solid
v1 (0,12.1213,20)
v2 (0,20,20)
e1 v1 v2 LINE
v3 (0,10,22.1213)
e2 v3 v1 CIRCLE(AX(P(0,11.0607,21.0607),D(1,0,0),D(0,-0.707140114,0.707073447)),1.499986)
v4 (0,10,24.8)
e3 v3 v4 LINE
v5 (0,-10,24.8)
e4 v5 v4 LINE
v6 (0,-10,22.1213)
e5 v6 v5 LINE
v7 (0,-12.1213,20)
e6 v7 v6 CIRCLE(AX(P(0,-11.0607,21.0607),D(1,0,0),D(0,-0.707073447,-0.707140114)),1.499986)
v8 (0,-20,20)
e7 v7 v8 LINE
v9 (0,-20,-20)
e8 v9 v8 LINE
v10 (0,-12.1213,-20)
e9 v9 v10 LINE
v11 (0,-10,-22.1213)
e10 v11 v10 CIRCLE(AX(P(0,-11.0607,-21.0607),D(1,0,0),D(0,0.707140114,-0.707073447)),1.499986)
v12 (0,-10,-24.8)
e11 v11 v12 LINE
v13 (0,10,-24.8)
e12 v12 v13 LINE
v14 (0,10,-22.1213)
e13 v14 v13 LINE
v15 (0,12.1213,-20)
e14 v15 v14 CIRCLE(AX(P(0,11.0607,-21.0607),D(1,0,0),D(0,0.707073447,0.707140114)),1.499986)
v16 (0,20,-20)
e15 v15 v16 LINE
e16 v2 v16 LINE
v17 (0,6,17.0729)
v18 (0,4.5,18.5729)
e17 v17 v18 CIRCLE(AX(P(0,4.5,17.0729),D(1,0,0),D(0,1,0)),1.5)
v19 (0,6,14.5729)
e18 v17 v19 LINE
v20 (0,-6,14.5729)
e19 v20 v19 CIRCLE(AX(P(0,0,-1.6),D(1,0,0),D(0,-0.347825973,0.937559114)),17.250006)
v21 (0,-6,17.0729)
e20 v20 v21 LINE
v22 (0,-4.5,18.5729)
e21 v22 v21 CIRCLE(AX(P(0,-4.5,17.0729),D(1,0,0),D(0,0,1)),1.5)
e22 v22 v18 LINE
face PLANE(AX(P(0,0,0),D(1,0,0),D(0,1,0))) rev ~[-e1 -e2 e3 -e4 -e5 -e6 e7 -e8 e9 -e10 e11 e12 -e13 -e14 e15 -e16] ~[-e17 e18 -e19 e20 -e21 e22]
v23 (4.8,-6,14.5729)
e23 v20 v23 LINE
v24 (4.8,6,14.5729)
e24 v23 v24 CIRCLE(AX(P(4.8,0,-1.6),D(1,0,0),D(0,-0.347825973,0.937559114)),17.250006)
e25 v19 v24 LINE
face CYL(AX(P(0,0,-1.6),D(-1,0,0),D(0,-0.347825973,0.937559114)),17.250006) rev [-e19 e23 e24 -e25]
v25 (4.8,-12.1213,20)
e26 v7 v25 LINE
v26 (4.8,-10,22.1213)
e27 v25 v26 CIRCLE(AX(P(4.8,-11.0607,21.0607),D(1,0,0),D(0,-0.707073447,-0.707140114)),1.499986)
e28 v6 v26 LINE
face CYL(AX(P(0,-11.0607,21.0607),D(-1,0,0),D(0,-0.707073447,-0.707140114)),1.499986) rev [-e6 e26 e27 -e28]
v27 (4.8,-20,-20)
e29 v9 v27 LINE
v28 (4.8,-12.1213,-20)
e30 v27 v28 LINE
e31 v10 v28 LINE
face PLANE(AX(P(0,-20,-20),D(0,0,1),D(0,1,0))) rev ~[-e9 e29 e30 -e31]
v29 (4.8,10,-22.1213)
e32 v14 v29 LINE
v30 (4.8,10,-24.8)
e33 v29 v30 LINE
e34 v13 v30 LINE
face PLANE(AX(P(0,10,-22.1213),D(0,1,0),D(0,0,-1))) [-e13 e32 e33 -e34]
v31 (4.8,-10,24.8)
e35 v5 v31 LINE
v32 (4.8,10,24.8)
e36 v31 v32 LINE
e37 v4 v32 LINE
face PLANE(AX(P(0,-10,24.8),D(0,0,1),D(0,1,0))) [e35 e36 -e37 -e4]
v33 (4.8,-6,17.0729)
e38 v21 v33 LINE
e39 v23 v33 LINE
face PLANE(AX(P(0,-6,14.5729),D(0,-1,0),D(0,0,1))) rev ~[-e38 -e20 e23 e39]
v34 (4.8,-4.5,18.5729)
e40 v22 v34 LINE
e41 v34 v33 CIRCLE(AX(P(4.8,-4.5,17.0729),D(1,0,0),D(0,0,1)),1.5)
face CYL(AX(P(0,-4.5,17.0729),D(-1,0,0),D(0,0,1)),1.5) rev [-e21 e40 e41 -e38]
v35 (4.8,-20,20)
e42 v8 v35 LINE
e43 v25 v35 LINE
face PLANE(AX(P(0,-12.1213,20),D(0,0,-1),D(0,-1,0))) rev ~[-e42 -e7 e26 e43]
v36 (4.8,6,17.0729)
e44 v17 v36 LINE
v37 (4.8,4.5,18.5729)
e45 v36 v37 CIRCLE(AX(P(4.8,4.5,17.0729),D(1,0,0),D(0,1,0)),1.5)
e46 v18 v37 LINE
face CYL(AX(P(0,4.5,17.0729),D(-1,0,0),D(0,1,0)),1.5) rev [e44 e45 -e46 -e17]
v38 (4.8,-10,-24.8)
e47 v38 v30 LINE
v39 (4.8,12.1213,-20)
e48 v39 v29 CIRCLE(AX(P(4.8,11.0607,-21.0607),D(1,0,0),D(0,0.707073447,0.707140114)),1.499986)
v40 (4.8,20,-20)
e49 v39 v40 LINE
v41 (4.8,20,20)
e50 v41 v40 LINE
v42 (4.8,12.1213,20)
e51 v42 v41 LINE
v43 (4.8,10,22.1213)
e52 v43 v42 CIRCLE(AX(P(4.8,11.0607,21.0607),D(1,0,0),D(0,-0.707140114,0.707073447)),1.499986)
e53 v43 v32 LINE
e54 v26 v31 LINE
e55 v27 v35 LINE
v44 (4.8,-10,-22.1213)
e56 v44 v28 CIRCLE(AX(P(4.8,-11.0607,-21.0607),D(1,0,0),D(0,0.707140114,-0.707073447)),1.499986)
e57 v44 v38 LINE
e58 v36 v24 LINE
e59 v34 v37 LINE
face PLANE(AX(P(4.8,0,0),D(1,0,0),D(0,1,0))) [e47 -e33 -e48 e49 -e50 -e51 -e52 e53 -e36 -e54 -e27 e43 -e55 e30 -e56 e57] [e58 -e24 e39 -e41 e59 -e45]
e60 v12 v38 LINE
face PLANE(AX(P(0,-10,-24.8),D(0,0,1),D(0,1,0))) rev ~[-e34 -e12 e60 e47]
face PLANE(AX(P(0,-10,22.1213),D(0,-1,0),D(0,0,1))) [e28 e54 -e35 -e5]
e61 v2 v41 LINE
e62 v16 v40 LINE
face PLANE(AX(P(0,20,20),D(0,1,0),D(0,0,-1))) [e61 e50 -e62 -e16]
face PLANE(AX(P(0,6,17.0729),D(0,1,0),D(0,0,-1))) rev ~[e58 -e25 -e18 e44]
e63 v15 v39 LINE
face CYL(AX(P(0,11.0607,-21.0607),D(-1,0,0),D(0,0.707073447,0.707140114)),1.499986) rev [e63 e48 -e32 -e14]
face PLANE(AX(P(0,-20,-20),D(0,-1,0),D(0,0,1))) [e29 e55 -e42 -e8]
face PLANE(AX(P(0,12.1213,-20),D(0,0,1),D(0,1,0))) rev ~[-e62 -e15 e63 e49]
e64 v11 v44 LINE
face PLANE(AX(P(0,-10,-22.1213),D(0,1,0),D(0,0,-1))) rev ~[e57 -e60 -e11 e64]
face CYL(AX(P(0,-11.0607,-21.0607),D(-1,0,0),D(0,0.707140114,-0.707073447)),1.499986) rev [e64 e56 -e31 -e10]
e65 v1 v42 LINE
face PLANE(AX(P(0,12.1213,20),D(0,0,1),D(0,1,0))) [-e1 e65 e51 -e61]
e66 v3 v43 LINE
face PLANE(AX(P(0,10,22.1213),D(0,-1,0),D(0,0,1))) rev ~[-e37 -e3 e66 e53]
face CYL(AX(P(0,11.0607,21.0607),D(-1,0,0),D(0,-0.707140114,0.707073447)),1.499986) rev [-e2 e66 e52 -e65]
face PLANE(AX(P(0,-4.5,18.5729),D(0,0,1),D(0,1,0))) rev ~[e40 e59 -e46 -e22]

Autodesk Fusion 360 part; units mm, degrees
sketch "Sketch1" plane through (0, 0, 0) normal (1, 0, 0) x (0, 1, 0)
  line L0 (-20, 20) -> (20, 20) construction
  line L1 (20, 20) -> (20, -20)
  line L2 (20, -20) -> (-20, -20) construction
  line L3 (-20, -20) -> (-20, 20)
  line L4 (0, 0) -> (0, 20) construction
  line L5 (0, 0) -> (20, 0) construction
  line L6 (0, 0) -> (0, -1.6) construction
  line L7 (0, 0) -> (0, -8.6) construction
  circle A0 centre (0, -8.6) radius 6
  circle A1 centre (0, -1.6) radius 18.4 construction
  circle A2 centre (0, -1.6) radius 15.5 construction
  line L8 (0, -1.6) -> (15.5, -1.6) construction
  circle A3 centre (15.5, -1.6) radius 1.5
  circle A4 centre (7.75, 11.8234) radius 1.5
  circle A5 centre (-7.75, 11.8234) radius 1.5
  circle A6 centre (-15.5, -1.6) radius 1.5
  circle A7 centre (-7.75, -15.0234) radius 1.5
  circle A8 centre (7.75, -15.0234) radius 1.5
  line L9 (-10, 20) -> (-10, 24.8) construction
  line L10 (-10, 24.8) -> (10, 24.8)
  line L11 (10, 24.8) -> (10, 20) construction
  line L12 (-10, -20) -> (-10, -24.8) construction
  line L13 (-10, -24.8) -> (10, -24.8)
  line L14 (10, -24.8) -> (10, -20) construction
  line L15 (-11.0607, -21.0607) -> (-10, -20) construction
  line L16 (11.0607, -21.0607) -> (10, -20) construction
  line L17 (-11.0607, 21.0607) -> (-10, 20) construction
  line L18 (11.0607, 21.0607) -> (10, 20) construction
  arc A9 (-12.1213, 20) -> (-10, 22.1213) centre (-11.0607, 21.0607) ccw
  arc A10 (-10, 22.1213) -> (-12.1213, 20) centre (-11.0607, 21.0607) ccw construction
  arc A11 (10, 22.1213) -> (12.1213, 20) centre (11.0607, 21.0607) ccw
  arc A12 (12.1213, 20) -> (10, 22.1213) centre (11.0607, 21.0607) ccw construction
  arc A13 (12.1213, -20) -> (10, -22.1213) centre (11.0607, -21.0607) ccw
  arc A14 (10, -22.1213) -> (12.1213, -20) centre (11.0607, -21.0607) ccw construction
  arc A15 (-10, -22.1213) -> (-12.1213, -20) centre (-11.0607, -21.0607) ccw
  arc A16 (-12.1213, -20) -> (-10, -22.1213) centre (-11.0607, -21.0607) ccw construction
  line L19 (-10, 22.1213) -> (-10, 24.8)
  line L20 (-12.1213, 20) -> (-20, 20)
  line L21 (10, 22.1213) -> (10, 24.8)
  line L22 (12.1213, 20) -> (20, 20)
  line L23 (10, -22.1213) -> (10, -24.8)
  line L24 (12.1213, -20) -> (20, -20)
  line L25 (-10, -22.1213) -> (-10, -24.8)
  line L26 (-12.1213, -20) -> (-20, -20)
  dimension "d61" = 40
  dimension "d62" = 40
  dimension "d63" = 1.6
  dimension "d65" = 12
  dimension "d66" = 36.8
  dimension "d67" = 31
  dimension "d68" = 3
  dimension "d70" = 360
  dimension "d71" = 4.8
  dimension "d72" = 20
  dimension "d73" = 10
  dimension "d74" = 4.8
  dimension "d75" = 20
  dimension "d76" = 10
  dimension "d77" = 3
  dimension "d78" = 1.5
  dimension "d79" = 45
  dimension "d80" = 3
  dimension "d81" = 1.5
  dimension "d83" = 45
  dimension "d84" = 3
  dimension "d85" = 3
  dimension "d86" = 1.5
  dimension "d87" = 45
  dimension "d88" = 1.5
  dimension "d89" = 45
  dimension "d90" = 7
extrude "Extrude1" add sketch "Sketch1" along normal blind 4.8

Autodesk Fusion 360 part; units mm, degrees
sketch "Sketch1" plane through (0, 0, 0) normal (1, 0, 0) x (0, 1, 0)
  line L0 (-20, 20) -> (20, 20) construction
  line L1 (20, 20) -> (20, -20)
  line L2 (20, -20) -> (-20, -20) construction
  line L3 (-20, -20) -> (-20, 20)
  line L4 (0, 0) -> (20, 0) construction
  line L5 (0, 0) -> (0, 20) construction
  line L6 (-10, 20) -> (-10, 24.8) construction
  line L7 (-10, 24.8) -> (10, 24.8)
  line L8 (10, 24.8) -> (10, 20) construction
  line L9 (-10, -20) -> (-10, -24.8) construction
  line L10 (-10, -24.8) -> (10, -24.8)
  line L11 (10, -24.8) -> (10, -20) construction
  line L12 (0, 0) -> (0, -1.6) construction
  line L13 (-6, 17.0729) -> (-6, 18.5729) construction
  line L14 (-6, 18.5729) -> (6, 18.5729) construction
  line L15 (6, 18.5729) -> (6, 17.0729) construction
  line L16 (-11.0607, 21.0607) -> (-10, 20) construction
  line L17 (11.0607, 21.0607) -> (10, 20) construction
  line L18 (11.0607, -21.0607) -> (10, -20) construction
  line L19 (-11.0607, -21.0607) -> (-10, -20) construction
  arc A0 (-6, 17.0729) -> (-4.5, 18.5729) centre (-4.5, 17.0729) ccw construction
  arc A1 (-4.5, 18.5729) -> (-6, 17.0729) centre (-4.5, 17.0729) ccw
  arc A2 (4.5, 18.5729) -> (6, 17.0729) centre (4.5, 17.0729) ccw construction
  arc A3 (6, 17.0729) -> (4.5, 18.5729) centre (4.5, 17.0729) ccw
  line L20 (-6, 14.5729) -> (-6, 17.0729)
  line L21 (6, 17.0729) -> (6, 14.5729)
  arc A4 (-6, 14.5729) -> (6, 14.5729) centre (0, -1.6) ccw
  arc A5 (6, 14.5729) -> (0, 15.65) centre (0, -1.6) ccw construction
  arc A6 (0, 15.65) -> (-6, 14.5729) centre (0, -1.6) ccw construction
  line L22 (-4.5, 18.5729) -> (4.5, 18.5729)
  arc A7 (-12.1213, 20) -> (-10, 22.1213) centre (-11.0607, 21.0607) ccw
  arc A8 (-10, 22.1213) -> (-12.1213, 20) centre (-11.0607, 21.0607) ccw construction
  arc A9 (10, 22.1213) -> (12.1213, 20) centre (11.0607, 21.0607) ccw
  arc A10 (12.1213, 20) -> (10, 22.1213) centre (11.0607, 21.0607) ccw construction
  arc A11 (-10, -22.1213) -> (-12.1213, -20) centre (-11.0607, -21.0607) ccw
  arc A12 (-12.1213, -20) -> (-10, -22.1213) centre (-11.0607, -21.0607) ccw construction
  arc A13 (12.1213, -20) -> (10, -22.1213) centre (11.0607, -21.0607) ccw
  arc A14 (10, -22.1213) -> (12.1213, -20) centre (11.0607, -21.0607) ccw construction
  line L23 (-10, 22.1213) -> (-10, 24.8)
  line L24 (10, 22.1213) -> (10, 24.8)
  line L25 (12.1213, 20) -> (20, 20)
  line L26 (-12.1213, 20) -> (-20, 20)
  line L27 (-20, -20) -> (-12.1213, -20)
  line L28 (-10, -22.1213) -> (-10, -24.8)
  line L29 (10, -22.1213) -> (10, -24.8)
  line L30 (12.1213, -20) -> (20, -20)
  point P0 (0, 18.5729)
  dimension "d39" = 40
  dimension "d40" = 40
  dimension "d41" = 4.8
  dimension "d42" = 20
  dimension "d43" = 10
  dimension "d44" = 4.8
  dimension "d45" = 20
  dimension "d46" = 10
  dimension "d47" = 1.6
  dimension "d48" = 34.5
  dimension "d49" = 4
  dimension "d51" = 3
  dimension "d52" = 1.5
  dimension "d53" = 45
  dimension "d54" = 3
  dimension "d55" = 3
  dimension "d56" = 3
  dimension "d57" = 1.5
  dimension "d58" = 45
  dimension "d59" = 3
  dimension "d60" = 1.5
  dimension "d61" = 45
  dimension "d62" = 3
  dimension "d63" = 1.5
  dimension "d64" = 45
  dimension "d65" = 12
extrude "Extrude1" add sketch "Sketch1" along normal blind 4.8
